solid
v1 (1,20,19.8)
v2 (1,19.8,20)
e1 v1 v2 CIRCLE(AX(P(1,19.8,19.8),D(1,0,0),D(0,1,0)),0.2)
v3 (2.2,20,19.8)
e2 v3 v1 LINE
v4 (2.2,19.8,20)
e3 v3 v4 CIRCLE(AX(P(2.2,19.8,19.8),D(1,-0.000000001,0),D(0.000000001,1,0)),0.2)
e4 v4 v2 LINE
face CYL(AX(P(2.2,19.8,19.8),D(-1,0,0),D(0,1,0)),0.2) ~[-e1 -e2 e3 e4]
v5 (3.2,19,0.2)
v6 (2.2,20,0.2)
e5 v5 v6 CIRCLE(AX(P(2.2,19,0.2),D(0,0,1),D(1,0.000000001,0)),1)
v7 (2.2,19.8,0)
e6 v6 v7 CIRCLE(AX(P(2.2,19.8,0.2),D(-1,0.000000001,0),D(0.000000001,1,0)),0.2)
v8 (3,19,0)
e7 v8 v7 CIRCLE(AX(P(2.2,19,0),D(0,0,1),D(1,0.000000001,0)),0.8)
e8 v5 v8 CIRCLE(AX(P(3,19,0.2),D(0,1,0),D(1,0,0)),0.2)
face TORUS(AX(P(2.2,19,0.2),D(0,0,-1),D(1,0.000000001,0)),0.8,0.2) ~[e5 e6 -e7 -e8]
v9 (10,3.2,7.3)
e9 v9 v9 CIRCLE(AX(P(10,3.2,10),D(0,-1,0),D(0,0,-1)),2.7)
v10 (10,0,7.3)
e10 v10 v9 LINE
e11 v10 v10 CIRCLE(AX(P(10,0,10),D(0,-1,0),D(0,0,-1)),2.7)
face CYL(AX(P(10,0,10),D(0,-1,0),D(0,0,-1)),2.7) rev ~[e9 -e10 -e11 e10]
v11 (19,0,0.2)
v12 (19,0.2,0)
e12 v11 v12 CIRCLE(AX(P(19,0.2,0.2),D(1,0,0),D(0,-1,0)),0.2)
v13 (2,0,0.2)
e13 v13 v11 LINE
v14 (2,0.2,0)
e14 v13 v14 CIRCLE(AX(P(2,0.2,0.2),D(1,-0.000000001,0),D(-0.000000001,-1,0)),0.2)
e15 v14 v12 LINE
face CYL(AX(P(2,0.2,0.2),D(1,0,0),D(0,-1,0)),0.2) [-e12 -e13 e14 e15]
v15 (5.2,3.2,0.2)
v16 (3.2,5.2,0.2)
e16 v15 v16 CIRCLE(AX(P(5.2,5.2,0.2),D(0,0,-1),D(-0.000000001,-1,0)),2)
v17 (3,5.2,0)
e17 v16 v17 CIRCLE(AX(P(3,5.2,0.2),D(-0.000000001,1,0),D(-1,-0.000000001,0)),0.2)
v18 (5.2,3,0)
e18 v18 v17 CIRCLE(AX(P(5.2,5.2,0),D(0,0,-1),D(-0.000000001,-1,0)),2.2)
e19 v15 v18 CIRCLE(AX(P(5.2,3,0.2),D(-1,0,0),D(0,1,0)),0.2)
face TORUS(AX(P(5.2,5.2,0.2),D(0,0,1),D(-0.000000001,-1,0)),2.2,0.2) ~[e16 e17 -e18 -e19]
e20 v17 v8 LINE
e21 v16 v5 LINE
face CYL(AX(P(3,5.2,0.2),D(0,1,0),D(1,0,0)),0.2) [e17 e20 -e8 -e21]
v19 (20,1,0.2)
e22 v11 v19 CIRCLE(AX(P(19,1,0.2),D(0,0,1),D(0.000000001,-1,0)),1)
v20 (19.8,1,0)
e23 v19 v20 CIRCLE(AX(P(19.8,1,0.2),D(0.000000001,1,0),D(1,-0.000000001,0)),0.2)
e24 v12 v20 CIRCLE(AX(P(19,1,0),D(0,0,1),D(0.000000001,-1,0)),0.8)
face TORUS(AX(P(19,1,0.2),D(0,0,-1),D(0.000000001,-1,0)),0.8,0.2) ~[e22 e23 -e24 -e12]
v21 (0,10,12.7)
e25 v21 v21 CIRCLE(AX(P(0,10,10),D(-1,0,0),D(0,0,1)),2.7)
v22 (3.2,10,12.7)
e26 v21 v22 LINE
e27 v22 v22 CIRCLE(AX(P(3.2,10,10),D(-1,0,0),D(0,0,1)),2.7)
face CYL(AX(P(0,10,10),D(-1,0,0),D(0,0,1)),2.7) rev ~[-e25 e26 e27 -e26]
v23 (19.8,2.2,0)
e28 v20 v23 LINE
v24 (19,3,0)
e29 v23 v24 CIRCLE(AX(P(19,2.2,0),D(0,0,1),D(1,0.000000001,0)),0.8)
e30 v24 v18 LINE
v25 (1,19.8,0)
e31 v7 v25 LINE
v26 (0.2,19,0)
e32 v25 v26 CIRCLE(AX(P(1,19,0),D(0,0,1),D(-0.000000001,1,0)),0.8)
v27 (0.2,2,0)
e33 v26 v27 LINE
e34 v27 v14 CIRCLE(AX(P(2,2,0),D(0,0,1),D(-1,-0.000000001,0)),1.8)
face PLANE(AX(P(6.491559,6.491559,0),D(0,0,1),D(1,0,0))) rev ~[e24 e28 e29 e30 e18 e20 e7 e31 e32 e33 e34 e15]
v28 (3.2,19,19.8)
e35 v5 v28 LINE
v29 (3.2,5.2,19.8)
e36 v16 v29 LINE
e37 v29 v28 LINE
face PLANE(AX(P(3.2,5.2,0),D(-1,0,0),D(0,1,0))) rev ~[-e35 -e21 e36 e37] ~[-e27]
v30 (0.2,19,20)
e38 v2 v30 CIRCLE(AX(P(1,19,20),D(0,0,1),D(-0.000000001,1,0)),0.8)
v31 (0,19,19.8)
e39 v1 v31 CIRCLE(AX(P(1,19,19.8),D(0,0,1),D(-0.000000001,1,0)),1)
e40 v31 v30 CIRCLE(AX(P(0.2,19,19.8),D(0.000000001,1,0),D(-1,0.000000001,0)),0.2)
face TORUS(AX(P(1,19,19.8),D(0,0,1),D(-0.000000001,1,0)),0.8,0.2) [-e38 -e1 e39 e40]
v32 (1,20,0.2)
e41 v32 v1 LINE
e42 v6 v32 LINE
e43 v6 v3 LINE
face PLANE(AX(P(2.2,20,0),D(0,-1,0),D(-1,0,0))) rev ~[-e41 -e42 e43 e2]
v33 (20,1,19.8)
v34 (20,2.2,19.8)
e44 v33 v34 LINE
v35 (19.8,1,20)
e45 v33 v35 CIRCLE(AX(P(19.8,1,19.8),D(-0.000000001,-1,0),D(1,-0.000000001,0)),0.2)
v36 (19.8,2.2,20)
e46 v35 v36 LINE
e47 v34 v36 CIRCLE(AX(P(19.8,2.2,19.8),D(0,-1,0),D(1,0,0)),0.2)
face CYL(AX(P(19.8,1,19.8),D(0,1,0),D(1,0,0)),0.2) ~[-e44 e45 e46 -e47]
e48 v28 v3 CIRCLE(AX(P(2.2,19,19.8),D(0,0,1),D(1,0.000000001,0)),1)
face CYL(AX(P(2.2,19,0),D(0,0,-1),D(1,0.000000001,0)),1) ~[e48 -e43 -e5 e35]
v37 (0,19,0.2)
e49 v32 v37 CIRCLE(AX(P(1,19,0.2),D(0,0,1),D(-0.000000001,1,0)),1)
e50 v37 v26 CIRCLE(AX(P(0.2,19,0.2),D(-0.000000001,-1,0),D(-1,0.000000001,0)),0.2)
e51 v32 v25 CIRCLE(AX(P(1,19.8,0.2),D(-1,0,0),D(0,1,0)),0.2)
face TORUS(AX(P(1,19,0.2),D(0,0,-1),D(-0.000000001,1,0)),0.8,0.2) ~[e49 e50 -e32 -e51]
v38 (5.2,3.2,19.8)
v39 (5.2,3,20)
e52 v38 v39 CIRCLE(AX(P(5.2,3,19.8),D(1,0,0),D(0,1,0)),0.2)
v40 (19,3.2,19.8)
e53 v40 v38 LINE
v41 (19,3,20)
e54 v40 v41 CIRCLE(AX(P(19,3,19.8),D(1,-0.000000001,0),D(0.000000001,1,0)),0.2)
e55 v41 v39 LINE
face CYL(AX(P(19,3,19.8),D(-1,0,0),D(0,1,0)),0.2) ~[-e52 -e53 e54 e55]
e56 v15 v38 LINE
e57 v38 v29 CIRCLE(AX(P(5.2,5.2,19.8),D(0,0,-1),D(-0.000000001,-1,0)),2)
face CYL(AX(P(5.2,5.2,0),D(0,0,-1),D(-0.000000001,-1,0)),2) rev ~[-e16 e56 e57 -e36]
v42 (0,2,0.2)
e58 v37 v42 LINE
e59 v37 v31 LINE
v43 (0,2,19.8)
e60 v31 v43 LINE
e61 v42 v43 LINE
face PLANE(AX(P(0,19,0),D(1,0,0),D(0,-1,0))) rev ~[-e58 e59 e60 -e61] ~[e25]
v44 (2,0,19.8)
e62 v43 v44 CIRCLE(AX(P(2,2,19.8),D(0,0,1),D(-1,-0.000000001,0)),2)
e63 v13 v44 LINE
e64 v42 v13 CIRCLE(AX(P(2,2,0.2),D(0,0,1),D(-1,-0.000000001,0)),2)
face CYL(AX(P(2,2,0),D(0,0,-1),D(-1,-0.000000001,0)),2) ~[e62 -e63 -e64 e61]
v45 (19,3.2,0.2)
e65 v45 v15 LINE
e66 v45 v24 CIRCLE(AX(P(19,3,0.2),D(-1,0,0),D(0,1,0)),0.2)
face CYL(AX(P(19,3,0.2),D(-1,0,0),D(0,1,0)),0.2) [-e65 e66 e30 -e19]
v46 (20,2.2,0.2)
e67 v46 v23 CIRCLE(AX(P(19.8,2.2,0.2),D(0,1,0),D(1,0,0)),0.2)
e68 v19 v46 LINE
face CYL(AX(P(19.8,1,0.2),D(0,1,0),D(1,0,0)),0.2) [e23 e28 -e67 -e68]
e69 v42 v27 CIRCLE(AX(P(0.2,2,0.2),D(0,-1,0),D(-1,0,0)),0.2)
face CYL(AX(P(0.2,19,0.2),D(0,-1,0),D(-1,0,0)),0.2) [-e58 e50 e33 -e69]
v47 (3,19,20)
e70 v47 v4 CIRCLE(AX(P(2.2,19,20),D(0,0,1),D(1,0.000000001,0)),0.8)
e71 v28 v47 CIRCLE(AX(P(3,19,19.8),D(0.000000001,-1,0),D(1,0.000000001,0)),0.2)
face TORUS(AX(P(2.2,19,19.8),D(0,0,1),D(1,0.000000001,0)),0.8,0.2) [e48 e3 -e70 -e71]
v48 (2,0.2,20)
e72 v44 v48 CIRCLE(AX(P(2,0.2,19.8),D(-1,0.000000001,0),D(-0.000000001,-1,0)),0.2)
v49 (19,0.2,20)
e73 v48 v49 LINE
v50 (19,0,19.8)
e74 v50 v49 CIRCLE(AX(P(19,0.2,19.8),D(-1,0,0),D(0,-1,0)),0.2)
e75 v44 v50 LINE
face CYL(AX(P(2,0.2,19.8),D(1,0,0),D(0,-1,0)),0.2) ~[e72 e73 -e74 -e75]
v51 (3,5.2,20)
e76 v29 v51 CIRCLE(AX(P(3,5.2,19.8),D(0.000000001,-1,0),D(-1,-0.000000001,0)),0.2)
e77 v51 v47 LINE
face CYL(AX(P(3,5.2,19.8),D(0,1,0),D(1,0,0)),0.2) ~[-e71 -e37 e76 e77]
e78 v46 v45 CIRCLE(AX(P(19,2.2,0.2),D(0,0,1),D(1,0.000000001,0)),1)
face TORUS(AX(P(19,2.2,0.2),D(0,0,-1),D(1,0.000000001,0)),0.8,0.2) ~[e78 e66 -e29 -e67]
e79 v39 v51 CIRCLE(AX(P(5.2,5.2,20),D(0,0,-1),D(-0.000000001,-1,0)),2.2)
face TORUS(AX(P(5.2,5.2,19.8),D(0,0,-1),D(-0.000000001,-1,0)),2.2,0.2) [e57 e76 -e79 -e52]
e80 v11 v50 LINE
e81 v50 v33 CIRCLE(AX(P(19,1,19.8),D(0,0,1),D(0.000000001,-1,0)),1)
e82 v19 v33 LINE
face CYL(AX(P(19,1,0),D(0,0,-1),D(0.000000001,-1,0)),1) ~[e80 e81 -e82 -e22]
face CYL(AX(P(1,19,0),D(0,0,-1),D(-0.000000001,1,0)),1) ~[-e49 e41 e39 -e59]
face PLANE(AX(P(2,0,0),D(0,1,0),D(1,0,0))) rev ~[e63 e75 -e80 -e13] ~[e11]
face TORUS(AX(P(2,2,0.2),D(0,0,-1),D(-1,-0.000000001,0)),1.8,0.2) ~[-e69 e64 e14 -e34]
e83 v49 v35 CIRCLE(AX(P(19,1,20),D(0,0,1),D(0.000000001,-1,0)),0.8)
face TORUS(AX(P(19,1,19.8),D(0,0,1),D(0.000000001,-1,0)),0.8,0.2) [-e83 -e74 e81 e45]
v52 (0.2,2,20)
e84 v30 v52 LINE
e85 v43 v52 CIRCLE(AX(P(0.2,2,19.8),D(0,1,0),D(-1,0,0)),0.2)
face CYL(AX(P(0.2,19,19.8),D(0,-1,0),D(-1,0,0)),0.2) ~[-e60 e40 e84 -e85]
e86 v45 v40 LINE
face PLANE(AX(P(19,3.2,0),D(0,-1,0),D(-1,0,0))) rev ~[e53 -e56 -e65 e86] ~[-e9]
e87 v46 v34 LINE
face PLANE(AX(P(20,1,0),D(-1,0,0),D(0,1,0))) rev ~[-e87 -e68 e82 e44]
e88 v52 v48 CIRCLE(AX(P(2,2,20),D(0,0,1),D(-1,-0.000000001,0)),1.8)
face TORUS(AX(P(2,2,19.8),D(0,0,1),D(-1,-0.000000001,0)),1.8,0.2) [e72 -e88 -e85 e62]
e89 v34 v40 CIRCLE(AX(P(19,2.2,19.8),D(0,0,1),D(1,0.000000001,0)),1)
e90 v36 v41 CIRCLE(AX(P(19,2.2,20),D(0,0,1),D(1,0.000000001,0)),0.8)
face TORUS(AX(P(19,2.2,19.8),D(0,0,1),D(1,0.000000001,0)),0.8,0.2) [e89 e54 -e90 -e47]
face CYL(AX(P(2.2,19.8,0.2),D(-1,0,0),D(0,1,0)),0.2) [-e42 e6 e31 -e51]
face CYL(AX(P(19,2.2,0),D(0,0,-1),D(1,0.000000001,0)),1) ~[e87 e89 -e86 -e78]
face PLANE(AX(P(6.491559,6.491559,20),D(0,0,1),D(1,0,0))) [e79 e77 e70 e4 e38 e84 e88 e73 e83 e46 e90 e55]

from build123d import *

# Parameters (mm, degrees)
BOSS_EXTRUDE1_DEPTH = 20
FILLET1_R           = 0.2
SKETCH2_R           = 2.7
CUT_EXTRUDE1_DEPTH  = 3.2
SKETCH3_R           = 2.7
CUT_EXTRUDE2_DEPTH  = 3.2


with BuildPart() as part:
    # Sketch1 → Boss-Extrude1 (new body)
    with BuildSketch(Plane.XY):
        with BuildLine():
            Line((5.679190751, 0), (19, 0))
            ThreePointArc((19, 0), (19.707106781, 0.292893219), (20, 1))
            Line((20, 1), (20, 2.2))
            ThreePointArc((20, 2.2), (19.707106781, 2.907106781), (19, 3.2))
            Line((19, 3.2), (5.2, 3.2))
            ThreePointArc((5.2, 3.2), (3.785786438, 3.785786438), (3.2, 5.2))
            Line((3.2, 5.2), (3.2, 19))
            ThreePointArc((3.2, 19), (2.907106781, 19.707106781), (2.2, 20))
            Line((2.2, 20), (1, 20))
            ThreePointArc((1, 20), (0.292893219, 19.707106781), (0, 19))
            Line((0, 19), (0, 2))
            ThreePointArc((0, 2), (0.585786438, 0.585786438), (2, 0))
            Line((2, 0), (5.679190751, 0))
        make_face()
    extrude(amount=BOSS_EXTRUDE1_DEPTH)

    # Fillet1
    fillet1_edges = [part.edges().sort_by_distance(p)[0] for p in [
        (2.907106781, 19.707106781, 20),
        (12.1, 3.2, 0),
        (19.707106781, 2.907106781, 0),
        (20, 1.6, 0),
        (19.707106781, 0.292893219, 0),
        (10.5, 0, 0),
        (0.585786438, 0.585786438, 0),
        (0, 10.5, 0),
        (0.292893219, 19.707106781, 0),
        (1.6, 20, 0),
        (1.6, 20, 20),
        (2.907106781, 19.707106781, 0),
        (3.2, 12.1, 0),
        (3.785786438, 3.785786438, 0),
        (0.292893219, 19.707106781, 20),
        (0, 10.5, 20),
        (0.585786438, 0.585786438, 20),
        (10.5, 0, 20),
        (19.707106781, 0.292893219, 20),
        (20, 1.6, 20),
        (19.707106781, 2.907106781, 20),
        (3.785786438, 3.785786438, 20),
        (12.1, 3.2, 20),
        (3.2, 12.1, 20),
    ]]
    fillet(fillet1_edges, radius=FILLET1_R)

    # Sketch2 → Cut-Extrude1 (cut)
    with BuildSketch(Plane.ZY):
        with Locations((10, 10)):
            Circle(SKETCH2_R)
    extrude(amount=-CUT_EXTRUDE1_DEPTH, mode=Mode.SUBTRACT)

    # Sketch3 → Cut-Extrude2 (cut)
    with BuildSketch(Plane.XZ):
        with Locations(Location((10, 10, 0), (0, 0, 270))):
            Circle(SKETCH3_R)
    extrude(amount=-CUT_EXTRUDE2_DEPTH, mode=Mode.SUBTRACT)


solid = part.part
